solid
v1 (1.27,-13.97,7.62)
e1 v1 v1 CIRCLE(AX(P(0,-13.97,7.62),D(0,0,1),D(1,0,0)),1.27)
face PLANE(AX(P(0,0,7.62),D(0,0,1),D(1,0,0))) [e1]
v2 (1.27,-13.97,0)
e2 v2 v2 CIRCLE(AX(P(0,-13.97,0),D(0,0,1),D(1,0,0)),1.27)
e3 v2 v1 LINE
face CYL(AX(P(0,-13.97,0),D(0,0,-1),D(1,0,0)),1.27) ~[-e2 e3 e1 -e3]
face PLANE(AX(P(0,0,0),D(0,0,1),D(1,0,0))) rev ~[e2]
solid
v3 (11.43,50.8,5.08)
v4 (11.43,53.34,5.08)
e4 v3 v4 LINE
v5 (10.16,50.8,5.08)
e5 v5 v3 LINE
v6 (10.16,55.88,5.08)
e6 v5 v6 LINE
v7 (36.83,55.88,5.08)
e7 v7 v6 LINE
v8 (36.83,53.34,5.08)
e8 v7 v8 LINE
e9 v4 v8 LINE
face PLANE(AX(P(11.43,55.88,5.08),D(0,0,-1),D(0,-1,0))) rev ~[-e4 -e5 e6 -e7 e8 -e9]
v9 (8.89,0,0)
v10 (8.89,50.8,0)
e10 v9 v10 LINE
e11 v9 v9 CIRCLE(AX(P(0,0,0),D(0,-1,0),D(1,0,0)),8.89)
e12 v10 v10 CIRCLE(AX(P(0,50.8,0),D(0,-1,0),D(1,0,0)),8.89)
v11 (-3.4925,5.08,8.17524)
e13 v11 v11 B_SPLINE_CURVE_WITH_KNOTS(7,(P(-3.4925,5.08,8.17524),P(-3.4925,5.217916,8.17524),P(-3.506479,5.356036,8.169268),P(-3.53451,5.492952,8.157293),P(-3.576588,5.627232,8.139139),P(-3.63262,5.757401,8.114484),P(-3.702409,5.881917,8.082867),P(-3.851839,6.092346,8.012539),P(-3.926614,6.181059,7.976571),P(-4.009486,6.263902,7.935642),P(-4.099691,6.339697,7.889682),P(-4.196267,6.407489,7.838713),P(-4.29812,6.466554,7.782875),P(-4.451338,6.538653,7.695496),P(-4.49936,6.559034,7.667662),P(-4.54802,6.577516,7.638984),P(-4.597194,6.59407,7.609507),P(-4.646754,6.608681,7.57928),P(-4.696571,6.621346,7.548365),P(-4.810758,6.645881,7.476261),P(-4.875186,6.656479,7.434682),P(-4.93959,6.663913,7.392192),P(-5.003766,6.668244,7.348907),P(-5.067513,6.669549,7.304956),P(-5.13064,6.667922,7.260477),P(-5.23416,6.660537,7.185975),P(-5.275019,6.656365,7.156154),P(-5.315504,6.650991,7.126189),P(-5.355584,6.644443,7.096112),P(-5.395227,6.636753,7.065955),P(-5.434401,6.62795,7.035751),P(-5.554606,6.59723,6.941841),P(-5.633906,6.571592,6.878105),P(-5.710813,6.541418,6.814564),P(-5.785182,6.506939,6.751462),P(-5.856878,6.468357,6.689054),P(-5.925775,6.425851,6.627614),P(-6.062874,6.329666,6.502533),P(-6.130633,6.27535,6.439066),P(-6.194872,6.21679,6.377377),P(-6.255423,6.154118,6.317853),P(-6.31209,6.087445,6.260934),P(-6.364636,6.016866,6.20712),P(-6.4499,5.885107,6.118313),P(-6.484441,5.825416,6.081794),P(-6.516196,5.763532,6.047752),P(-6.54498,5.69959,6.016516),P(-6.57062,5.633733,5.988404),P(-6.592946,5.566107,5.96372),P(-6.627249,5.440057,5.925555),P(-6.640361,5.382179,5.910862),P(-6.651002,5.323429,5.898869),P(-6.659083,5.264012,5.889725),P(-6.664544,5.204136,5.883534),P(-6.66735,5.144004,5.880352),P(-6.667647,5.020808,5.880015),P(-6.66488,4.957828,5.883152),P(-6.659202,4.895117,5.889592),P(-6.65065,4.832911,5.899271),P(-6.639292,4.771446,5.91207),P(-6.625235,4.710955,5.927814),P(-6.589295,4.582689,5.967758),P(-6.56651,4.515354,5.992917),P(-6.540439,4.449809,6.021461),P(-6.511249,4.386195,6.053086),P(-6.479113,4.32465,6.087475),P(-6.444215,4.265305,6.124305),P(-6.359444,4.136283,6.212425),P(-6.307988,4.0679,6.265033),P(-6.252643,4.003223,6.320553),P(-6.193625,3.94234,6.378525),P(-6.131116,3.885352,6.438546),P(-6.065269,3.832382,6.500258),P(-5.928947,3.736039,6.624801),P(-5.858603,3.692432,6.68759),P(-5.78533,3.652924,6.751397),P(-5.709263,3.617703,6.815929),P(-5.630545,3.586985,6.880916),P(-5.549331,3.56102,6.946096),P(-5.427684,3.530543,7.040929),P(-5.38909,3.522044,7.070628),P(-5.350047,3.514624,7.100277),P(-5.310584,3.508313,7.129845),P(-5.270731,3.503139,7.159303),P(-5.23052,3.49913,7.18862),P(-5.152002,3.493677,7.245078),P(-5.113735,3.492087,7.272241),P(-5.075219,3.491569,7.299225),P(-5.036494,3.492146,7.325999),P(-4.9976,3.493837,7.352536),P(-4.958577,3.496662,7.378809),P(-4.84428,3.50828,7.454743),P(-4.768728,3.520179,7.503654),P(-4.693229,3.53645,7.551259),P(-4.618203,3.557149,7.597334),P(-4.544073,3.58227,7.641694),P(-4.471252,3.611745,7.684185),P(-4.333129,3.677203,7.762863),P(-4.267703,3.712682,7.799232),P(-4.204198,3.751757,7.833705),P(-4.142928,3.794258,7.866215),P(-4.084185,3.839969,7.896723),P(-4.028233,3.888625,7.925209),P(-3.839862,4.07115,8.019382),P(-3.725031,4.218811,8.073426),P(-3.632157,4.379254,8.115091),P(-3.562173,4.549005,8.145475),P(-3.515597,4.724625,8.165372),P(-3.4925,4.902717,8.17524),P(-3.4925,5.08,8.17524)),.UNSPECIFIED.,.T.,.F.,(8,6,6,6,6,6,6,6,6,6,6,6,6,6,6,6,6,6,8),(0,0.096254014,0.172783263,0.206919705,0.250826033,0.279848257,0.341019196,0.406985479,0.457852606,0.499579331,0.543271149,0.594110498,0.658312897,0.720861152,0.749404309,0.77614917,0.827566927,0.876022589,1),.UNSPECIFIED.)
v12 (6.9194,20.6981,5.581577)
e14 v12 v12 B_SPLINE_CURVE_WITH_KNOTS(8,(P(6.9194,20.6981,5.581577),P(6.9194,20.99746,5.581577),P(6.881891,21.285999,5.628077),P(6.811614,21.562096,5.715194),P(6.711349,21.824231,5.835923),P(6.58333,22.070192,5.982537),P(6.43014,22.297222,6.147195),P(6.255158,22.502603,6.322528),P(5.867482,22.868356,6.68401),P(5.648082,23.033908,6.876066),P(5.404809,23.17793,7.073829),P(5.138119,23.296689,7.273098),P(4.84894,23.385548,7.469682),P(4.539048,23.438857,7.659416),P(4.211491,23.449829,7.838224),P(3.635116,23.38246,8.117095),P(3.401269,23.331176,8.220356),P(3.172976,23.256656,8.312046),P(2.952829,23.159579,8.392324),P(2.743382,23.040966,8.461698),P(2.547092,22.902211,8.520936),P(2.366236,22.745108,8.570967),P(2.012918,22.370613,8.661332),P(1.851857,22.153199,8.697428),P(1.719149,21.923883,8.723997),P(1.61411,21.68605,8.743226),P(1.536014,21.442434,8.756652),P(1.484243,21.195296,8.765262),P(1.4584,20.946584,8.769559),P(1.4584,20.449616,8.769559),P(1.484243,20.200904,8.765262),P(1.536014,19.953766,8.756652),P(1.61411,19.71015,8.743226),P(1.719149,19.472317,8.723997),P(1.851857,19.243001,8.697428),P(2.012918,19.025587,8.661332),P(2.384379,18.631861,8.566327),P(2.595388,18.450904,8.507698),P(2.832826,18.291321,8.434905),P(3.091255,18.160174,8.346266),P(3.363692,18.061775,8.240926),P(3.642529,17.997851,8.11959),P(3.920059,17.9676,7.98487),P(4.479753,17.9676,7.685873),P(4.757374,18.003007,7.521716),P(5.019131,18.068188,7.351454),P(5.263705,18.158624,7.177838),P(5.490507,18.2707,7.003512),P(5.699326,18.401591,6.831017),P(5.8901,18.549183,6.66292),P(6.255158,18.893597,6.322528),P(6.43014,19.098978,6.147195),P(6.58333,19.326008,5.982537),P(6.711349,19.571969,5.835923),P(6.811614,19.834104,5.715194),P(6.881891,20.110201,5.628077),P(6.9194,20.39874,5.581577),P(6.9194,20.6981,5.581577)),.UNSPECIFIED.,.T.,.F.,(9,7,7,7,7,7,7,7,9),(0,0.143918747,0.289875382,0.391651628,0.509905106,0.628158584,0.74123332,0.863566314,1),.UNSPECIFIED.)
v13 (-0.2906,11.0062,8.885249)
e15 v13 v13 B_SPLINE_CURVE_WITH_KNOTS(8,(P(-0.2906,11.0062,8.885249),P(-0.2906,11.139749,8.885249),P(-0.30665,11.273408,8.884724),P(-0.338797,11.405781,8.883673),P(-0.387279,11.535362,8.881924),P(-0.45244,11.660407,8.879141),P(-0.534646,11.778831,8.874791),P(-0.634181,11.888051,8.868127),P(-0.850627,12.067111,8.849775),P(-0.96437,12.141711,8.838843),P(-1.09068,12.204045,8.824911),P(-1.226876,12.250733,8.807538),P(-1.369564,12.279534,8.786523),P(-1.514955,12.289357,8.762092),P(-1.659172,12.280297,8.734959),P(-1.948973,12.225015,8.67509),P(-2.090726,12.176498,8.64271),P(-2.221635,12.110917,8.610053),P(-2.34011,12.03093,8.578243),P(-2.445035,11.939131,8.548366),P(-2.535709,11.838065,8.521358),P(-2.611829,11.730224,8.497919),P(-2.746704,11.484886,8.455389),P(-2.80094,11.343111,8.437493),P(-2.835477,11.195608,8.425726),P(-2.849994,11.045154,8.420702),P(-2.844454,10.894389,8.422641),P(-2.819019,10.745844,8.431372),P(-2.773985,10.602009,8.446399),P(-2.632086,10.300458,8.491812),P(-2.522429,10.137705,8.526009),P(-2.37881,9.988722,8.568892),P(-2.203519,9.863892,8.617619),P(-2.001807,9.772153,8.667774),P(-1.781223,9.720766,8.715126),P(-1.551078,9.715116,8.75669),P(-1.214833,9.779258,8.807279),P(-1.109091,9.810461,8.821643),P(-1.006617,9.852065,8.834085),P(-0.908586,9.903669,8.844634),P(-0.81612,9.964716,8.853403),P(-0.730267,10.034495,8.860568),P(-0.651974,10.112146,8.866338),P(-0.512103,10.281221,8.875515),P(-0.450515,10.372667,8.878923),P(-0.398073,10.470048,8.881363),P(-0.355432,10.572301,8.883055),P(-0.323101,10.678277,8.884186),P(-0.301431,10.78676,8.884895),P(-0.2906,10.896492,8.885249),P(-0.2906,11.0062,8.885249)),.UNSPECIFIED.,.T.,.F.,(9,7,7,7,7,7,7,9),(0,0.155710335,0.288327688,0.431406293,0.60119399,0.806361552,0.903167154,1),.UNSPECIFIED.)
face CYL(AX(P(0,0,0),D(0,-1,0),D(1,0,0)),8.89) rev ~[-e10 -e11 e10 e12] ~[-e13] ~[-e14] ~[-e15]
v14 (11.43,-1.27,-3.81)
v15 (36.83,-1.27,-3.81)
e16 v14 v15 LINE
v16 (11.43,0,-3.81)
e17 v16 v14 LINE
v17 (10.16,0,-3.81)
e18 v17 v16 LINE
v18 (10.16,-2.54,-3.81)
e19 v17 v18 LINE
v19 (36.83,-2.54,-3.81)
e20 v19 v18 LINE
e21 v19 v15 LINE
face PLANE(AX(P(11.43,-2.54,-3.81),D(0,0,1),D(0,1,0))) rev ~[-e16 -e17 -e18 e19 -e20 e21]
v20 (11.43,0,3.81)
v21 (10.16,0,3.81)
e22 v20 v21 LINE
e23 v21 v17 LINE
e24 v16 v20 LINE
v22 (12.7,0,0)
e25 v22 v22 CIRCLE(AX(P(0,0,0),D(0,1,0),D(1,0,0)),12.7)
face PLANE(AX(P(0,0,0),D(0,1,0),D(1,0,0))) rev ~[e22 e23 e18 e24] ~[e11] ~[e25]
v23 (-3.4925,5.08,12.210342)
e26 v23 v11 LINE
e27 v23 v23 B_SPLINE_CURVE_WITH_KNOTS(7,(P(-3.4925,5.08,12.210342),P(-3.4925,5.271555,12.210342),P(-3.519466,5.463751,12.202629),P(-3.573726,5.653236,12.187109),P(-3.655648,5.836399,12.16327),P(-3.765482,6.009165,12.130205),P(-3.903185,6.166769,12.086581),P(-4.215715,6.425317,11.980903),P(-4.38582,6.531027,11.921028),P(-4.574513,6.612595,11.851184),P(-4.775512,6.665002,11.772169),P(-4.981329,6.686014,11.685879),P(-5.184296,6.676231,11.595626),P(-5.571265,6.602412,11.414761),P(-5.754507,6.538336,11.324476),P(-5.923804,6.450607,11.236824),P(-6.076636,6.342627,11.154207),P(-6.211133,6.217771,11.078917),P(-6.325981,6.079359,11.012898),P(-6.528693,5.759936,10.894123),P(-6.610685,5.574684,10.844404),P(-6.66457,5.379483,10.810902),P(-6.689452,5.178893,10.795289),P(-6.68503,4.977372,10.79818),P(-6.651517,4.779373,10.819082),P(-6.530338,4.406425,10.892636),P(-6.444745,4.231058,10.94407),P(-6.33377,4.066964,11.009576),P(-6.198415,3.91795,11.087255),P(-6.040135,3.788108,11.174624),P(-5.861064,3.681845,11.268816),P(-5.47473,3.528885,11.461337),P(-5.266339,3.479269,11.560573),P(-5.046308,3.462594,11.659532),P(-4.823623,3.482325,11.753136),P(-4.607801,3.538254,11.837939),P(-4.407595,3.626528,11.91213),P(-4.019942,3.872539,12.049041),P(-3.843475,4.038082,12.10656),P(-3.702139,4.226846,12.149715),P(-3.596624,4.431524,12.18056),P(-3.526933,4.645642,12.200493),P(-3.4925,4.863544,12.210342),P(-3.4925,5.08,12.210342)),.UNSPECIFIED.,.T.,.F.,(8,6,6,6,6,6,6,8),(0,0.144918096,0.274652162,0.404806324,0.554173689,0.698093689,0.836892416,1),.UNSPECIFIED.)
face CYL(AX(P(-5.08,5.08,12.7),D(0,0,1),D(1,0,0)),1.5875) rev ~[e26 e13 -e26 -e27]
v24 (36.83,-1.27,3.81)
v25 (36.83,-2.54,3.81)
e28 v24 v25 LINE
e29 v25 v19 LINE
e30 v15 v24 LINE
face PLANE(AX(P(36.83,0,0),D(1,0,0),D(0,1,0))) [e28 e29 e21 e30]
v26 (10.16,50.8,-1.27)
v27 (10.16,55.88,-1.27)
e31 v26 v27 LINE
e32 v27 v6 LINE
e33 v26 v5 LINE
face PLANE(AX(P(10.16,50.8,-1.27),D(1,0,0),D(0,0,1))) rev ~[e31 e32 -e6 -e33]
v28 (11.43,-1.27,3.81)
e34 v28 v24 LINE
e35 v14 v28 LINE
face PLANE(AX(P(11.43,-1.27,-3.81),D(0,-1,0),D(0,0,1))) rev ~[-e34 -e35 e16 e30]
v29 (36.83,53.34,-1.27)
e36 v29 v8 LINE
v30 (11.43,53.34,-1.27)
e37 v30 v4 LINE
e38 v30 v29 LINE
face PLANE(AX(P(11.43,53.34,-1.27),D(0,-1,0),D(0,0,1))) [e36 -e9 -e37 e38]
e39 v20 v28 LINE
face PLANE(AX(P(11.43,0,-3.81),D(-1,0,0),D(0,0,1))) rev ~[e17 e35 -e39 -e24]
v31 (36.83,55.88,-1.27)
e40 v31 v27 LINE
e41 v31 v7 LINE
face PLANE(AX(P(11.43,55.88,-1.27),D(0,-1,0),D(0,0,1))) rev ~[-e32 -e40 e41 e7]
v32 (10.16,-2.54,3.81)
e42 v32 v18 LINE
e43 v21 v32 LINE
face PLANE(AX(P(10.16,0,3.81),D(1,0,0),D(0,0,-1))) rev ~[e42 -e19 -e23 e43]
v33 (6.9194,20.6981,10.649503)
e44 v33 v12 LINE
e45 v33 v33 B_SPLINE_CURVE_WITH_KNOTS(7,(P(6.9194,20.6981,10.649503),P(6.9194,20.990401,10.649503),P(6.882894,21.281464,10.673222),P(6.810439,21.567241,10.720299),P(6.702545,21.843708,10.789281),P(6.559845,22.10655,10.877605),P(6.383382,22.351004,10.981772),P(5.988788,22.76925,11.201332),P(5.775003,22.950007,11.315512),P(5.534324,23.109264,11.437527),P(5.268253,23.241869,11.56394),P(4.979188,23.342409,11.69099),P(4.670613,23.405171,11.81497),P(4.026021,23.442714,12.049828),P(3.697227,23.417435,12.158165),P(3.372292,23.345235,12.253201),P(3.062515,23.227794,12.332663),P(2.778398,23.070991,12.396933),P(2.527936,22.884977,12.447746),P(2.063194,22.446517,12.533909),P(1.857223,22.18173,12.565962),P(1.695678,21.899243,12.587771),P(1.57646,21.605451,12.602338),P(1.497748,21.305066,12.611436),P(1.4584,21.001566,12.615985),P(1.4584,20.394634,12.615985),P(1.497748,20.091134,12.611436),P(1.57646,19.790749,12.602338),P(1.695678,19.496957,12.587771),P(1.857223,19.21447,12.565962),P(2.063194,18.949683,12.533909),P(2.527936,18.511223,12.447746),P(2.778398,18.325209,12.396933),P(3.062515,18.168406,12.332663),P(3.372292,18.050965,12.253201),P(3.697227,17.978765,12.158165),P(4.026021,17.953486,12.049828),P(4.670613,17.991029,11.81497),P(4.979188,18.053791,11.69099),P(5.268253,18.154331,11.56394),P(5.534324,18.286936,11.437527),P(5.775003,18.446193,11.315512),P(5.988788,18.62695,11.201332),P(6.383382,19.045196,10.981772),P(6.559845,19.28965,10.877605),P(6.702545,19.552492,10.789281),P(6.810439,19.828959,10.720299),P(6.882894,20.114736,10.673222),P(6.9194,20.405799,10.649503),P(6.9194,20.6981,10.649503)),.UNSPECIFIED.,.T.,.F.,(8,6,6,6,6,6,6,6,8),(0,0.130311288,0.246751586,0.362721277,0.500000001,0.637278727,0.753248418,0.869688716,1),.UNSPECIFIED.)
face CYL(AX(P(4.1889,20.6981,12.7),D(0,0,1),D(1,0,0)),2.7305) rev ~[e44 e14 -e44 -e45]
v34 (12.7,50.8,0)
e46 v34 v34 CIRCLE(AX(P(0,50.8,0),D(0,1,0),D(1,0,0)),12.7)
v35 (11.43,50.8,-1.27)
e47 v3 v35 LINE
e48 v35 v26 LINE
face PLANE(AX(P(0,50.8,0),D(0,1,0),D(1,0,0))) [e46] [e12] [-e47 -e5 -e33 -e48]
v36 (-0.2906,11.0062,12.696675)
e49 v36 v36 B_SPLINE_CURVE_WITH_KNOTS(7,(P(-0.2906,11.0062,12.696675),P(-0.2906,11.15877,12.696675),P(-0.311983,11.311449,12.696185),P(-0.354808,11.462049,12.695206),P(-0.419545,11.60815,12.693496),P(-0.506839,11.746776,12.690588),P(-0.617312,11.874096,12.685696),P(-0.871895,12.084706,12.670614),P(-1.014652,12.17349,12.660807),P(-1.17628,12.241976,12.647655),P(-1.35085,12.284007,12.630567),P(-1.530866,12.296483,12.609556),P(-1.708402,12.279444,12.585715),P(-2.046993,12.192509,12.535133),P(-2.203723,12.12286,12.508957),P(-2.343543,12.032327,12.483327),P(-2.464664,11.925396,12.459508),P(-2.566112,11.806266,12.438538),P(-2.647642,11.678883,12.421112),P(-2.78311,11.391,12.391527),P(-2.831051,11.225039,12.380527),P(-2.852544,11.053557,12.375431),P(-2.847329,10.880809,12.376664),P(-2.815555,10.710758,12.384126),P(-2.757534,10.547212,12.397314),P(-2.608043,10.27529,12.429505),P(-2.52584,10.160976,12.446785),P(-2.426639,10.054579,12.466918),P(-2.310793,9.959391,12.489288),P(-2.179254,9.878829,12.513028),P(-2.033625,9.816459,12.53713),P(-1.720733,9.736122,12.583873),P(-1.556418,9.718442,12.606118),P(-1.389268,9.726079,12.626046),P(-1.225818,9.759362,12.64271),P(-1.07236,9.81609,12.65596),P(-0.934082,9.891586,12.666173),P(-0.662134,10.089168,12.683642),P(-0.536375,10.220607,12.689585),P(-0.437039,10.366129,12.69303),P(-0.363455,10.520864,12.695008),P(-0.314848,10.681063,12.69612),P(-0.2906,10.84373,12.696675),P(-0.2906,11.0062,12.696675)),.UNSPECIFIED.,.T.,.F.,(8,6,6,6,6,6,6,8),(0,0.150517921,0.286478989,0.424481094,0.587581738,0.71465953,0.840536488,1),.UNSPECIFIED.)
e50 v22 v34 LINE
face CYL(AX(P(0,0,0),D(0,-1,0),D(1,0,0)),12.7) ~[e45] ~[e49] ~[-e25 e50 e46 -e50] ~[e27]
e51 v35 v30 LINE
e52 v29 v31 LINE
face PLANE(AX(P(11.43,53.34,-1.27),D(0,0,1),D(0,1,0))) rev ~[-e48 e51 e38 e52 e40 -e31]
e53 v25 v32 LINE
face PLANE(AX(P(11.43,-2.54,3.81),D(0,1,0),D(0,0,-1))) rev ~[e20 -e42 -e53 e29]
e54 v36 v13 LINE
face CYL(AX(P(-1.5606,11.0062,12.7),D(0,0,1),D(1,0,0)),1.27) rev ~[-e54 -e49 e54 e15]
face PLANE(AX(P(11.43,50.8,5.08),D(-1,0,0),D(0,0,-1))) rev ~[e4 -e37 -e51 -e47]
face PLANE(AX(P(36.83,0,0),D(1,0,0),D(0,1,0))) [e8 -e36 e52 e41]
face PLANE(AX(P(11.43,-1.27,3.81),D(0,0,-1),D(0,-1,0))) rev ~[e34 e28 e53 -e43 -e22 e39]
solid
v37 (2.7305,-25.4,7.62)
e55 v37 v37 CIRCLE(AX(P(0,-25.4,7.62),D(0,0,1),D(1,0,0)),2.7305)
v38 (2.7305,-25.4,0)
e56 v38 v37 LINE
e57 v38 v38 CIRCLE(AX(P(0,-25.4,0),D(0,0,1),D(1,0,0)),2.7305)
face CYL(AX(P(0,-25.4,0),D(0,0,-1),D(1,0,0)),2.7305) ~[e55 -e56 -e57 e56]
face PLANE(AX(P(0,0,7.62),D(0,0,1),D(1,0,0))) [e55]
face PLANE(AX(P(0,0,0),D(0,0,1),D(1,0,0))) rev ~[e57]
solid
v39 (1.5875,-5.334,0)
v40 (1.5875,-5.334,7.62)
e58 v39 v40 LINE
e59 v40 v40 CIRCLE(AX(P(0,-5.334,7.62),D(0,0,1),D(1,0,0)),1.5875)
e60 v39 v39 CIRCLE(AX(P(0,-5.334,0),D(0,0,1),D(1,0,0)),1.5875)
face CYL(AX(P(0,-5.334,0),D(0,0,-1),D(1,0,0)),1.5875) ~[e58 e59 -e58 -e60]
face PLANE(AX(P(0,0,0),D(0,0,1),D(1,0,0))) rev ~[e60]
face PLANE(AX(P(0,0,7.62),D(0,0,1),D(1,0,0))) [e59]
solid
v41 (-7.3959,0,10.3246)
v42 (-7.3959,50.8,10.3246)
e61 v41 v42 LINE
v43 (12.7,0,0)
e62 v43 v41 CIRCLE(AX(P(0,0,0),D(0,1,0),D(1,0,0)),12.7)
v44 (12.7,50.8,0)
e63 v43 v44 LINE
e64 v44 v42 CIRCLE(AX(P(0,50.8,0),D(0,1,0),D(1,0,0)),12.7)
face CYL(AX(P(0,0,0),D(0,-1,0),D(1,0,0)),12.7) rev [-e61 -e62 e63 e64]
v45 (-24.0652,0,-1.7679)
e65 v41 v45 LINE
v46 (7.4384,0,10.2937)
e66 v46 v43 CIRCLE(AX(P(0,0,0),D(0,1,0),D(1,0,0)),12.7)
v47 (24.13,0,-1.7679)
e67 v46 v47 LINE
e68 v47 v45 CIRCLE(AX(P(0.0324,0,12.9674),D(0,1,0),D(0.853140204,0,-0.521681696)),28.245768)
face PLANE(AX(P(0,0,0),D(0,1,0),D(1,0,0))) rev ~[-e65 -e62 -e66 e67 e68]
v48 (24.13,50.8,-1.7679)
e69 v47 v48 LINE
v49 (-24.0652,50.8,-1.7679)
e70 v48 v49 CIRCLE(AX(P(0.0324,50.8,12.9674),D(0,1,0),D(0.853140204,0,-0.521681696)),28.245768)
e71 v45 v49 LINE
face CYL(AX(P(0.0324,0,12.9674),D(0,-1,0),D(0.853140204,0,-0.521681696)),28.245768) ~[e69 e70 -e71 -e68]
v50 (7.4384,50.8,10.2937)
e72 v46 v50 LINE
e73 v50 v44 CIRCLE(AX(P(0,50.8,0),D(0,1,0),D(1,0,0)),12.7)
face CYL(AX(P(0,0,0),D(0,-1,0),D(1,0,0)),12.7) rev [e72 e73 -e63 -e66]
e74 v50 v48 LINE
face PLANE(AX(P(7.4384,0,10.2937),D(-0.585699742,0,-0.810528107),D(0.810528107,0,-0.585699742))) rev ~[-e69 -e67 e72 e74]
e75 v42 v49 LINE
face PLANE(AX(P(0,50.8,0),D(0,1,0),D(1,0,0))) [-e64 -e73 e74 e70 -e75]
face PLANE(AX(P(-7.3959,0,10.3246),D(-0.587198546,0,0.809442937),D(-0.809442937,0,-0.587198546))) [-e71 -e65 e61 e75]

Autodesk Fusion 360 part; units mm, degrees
sketch "Sketch1" plane through (0, 0, 0) normal (0, 1, 0) x (1, 0, 0)
  circle A0 centre (0, 0) radius 12.7
  dimension "d3" = 25.4
extrude "Extrude1" add sketch "Sketch1" along normal blind 50.8 makes body 1
sketch "Sketch2" plane through (0, 0, 0) normal (0, 1, 0) x (1, 0, 0)
  circle A0 centre (0, 0) radius 12.7
  line L0 (-7.3959, -10.3246) -> (-24.0652, 1.7679)
  arc A1 (24.13, 1.7679) -> (-24.0652, 1.7679) centre (0.0324, -12.9674) ccw
  line L1 (-26.7049, 1.7679) -> (33.02, 1.7679) construction
  line L2 (7.4384, -10.2937) -> (24.13, 1.7679)
  dimension "d6" = 25.4
  dimension "d7" = 24.13
  dimension "d8" = 24.13
extrude "Extrude2" add sketch "Sketch2" along normal blind 50.8 separate body contours A0 L0 A1 L2 makes body 2
sketch "Sketch3" plane through (0, 0, 0) normal (0, -1, 0) x (1, 0, 0)
  circle A0 centre (0, 0) radius 12.7
ref_plane "WorkPlane1" through (0, 0, 12.7) normal (0, 0, 1) x (1, 0, 0)
sketch "Sketch4" plane through (0, 0, 12.7) normal (0, 0, 1) x (1, 0, 0)
  circle A0 centre (-5.08, 5.08) radius 1.5875
  circle A1 centre (-1.5606, 11.0062) radius 1.27
  circle A2 centre (4.1889, 20.6981) radius 2.7305
  dimension "d29" = 3.175
  dimension "d30" = 2.54
  dimension "d31" = 5.461
extrude "Extrude3" cut sketch "Sketch4" against normal blind 7.62 contours A0 bodies 1
extrude "Extrude4" cut sketch "Sketch4" against normal blind 6.35 contours A1 bodies 1
extrude "Extrude5" cut sketch "Sketch4" against normal blind 8.89 contours A2 bodies 1
sketch "Sketch5" plane through (0, 0, 0) normal (0, -1, 0) x (1, 0, 0)
  circle A0 centre (0, 0) radius 8.89
  dimension "d18" = 17.78
extrude "Extrude6" cut sketch "Sketch5" against normal blind 71.12 bodies 1
sketch "Sketch6" plane through (0, 50.8, 0) normal (0, 1, 0) x (-1, 0, 0)
  circle A0 centre (0, 0) radius 8.89
  circle A1 centre (0, 0) radius 12.7
  line L0 (-11.43, -1.27) -> (-10.16, -1.27)
  line L1 (-10.16, -1.27) -> (-10.16, 5.08)
  line L2 (-10.16, 5.08) -> (-11.43, 5.08)
  line L3 (-11.43, 5.08) -> (-11.43, -1.27)
extrude "Extrude7" add sketch "Sketch6" along normal blind 5.08 contours L0 L1 L2 L3 bodies 1
sketch "Sketch7" plane through (11.43, 0, 0) normal (1, 0, 0) x (0, 1, 0)
  line L0 (50.8, 5.08) -> (50.8, -1.27)
  line L1 (50.8, -1.27) -> (55.88, -1.27)
  line L2 (55.88, -1.27) -> (55.88, 5.08)
  line L3 (55.88, 5.08) -> (50.8, 5.08)
  line L4 (53.34, 5.08) -> (55.88, 5.08)
  line L5 (55.88, 5.08) -> (55.88, -1.27)
  line L6 (55.88, -1.27) -> (53.34, -1.27)
  line L7 (53.34, -1.27) -> (53.34, 5.08)
extrude "Extrude8" add sketch "Sketch7" along normal blind 25.4 contours L1 L2 L3 L4 L5 L6 L7 bodies 1
sketch "Sketch8" plane through (0, 0, 0) normal (0, -1, 0) x (1, 0, 0)
  line L0 (10.16, -3.81) -> (11.43, -3.81)
  line L1 (11.43, -3.81) -> (11.43, 3.81)
  line L2 (11.43, 3.81) -> (10.16, 3.81)
  line L3 (10.16, 3.81) -> (10.16, -3.81)
extrude "Extrude9" add sketch "Sketch8" along normal blind 2.54 bodies 1
sketch "Sketch9" plane through (11.43, 0, 0) normal (1, 0, 0) x (0, 1, 0)
  line L0 (0, -3.81) -> (0, 3.81)
  line L1 (0, 3.81) -> (-2.54, 3.81)
  line L2 (-2.54, 3.81) -> (-2.54, -3.81)
  line L3 (-2.54, -3.81) -> (0, -3.81)
  line L4 (-1.27, 3.81) -> (-2.54, 3.81)
  line L5 (-2.54, 3.81) -> (-2.54, -3.81)
  line L6 (-2.54, -3.81) -> (-1.27, -3.81)
  line L7 (-1.27, -3.81) -> (-1.27, 3.81)
extrude "Extrude10" add sketch "Sketch9" along normal blind 25.4 contours L1 L2 L3 L4 L5 L6 L7 bodies 1
sketch "Sketch10" plane through (0, 0, 0) normal (1, 0, 0) x (0, 1, 0)
sketch "Sketch11" plane through (0, 0, 0) normal (0, 0, 1) x (1, 0, 0)
sketch "Sketch12" plane through (0, 0, 0) normal (0, 0, 1) x (1, 0, 0)
  circle A0 centre (0, -5.334) radius 1.5875
  dimension "d32" = 3.175
extrude "Extrude11" add sketch "Sketch12" along normal blind 7.62 separate body makes body 3
sketch "Sketch13" plane through (0, 0, 0) normal (0, 0, 1) x (1, 0, 0)
  circle A0 centre (0, -13.97) radius 1.27
  dimension "d35" = 2.54
extrude "Extrude12" add sketch "Sketch13" along normal blind 7.62 separate body makes body 4
sketch "Sketch14" plane through (0, 0, 0) normal (0, 0, 1) x (1, 0, 0)
  circle A0 centre (0, -25.4) radius 2.7305
  dimension "d38" = 5.461
extrude "Extrude13" add sketch "Sketch14" along normal blind 7.62 separate body makes body 5
sketch "Sketch15" plane through (0, 0, 0) normal (0, 1, 0) x (1, 0, 0)
  line L0 (-58.42, -15.24) -> (-15.24, -15.24) construction
  line L1 (-15.24, -15.24) -> (-15.24, -33.02) construction
  line L2 (-15.24, -33.02) -> (-58.42, -33.02) construction
  line L3 (-58.42, -33.02) -> (-58.42, -15.24) construction
  dimension "d41" = 10.0076
equation "depth = 2 in"
equation "dia = 1 in"
equation "d3 = dia"
equation "d4 = depth"
equation "d6 = dia"
equation "d9 = depth"
